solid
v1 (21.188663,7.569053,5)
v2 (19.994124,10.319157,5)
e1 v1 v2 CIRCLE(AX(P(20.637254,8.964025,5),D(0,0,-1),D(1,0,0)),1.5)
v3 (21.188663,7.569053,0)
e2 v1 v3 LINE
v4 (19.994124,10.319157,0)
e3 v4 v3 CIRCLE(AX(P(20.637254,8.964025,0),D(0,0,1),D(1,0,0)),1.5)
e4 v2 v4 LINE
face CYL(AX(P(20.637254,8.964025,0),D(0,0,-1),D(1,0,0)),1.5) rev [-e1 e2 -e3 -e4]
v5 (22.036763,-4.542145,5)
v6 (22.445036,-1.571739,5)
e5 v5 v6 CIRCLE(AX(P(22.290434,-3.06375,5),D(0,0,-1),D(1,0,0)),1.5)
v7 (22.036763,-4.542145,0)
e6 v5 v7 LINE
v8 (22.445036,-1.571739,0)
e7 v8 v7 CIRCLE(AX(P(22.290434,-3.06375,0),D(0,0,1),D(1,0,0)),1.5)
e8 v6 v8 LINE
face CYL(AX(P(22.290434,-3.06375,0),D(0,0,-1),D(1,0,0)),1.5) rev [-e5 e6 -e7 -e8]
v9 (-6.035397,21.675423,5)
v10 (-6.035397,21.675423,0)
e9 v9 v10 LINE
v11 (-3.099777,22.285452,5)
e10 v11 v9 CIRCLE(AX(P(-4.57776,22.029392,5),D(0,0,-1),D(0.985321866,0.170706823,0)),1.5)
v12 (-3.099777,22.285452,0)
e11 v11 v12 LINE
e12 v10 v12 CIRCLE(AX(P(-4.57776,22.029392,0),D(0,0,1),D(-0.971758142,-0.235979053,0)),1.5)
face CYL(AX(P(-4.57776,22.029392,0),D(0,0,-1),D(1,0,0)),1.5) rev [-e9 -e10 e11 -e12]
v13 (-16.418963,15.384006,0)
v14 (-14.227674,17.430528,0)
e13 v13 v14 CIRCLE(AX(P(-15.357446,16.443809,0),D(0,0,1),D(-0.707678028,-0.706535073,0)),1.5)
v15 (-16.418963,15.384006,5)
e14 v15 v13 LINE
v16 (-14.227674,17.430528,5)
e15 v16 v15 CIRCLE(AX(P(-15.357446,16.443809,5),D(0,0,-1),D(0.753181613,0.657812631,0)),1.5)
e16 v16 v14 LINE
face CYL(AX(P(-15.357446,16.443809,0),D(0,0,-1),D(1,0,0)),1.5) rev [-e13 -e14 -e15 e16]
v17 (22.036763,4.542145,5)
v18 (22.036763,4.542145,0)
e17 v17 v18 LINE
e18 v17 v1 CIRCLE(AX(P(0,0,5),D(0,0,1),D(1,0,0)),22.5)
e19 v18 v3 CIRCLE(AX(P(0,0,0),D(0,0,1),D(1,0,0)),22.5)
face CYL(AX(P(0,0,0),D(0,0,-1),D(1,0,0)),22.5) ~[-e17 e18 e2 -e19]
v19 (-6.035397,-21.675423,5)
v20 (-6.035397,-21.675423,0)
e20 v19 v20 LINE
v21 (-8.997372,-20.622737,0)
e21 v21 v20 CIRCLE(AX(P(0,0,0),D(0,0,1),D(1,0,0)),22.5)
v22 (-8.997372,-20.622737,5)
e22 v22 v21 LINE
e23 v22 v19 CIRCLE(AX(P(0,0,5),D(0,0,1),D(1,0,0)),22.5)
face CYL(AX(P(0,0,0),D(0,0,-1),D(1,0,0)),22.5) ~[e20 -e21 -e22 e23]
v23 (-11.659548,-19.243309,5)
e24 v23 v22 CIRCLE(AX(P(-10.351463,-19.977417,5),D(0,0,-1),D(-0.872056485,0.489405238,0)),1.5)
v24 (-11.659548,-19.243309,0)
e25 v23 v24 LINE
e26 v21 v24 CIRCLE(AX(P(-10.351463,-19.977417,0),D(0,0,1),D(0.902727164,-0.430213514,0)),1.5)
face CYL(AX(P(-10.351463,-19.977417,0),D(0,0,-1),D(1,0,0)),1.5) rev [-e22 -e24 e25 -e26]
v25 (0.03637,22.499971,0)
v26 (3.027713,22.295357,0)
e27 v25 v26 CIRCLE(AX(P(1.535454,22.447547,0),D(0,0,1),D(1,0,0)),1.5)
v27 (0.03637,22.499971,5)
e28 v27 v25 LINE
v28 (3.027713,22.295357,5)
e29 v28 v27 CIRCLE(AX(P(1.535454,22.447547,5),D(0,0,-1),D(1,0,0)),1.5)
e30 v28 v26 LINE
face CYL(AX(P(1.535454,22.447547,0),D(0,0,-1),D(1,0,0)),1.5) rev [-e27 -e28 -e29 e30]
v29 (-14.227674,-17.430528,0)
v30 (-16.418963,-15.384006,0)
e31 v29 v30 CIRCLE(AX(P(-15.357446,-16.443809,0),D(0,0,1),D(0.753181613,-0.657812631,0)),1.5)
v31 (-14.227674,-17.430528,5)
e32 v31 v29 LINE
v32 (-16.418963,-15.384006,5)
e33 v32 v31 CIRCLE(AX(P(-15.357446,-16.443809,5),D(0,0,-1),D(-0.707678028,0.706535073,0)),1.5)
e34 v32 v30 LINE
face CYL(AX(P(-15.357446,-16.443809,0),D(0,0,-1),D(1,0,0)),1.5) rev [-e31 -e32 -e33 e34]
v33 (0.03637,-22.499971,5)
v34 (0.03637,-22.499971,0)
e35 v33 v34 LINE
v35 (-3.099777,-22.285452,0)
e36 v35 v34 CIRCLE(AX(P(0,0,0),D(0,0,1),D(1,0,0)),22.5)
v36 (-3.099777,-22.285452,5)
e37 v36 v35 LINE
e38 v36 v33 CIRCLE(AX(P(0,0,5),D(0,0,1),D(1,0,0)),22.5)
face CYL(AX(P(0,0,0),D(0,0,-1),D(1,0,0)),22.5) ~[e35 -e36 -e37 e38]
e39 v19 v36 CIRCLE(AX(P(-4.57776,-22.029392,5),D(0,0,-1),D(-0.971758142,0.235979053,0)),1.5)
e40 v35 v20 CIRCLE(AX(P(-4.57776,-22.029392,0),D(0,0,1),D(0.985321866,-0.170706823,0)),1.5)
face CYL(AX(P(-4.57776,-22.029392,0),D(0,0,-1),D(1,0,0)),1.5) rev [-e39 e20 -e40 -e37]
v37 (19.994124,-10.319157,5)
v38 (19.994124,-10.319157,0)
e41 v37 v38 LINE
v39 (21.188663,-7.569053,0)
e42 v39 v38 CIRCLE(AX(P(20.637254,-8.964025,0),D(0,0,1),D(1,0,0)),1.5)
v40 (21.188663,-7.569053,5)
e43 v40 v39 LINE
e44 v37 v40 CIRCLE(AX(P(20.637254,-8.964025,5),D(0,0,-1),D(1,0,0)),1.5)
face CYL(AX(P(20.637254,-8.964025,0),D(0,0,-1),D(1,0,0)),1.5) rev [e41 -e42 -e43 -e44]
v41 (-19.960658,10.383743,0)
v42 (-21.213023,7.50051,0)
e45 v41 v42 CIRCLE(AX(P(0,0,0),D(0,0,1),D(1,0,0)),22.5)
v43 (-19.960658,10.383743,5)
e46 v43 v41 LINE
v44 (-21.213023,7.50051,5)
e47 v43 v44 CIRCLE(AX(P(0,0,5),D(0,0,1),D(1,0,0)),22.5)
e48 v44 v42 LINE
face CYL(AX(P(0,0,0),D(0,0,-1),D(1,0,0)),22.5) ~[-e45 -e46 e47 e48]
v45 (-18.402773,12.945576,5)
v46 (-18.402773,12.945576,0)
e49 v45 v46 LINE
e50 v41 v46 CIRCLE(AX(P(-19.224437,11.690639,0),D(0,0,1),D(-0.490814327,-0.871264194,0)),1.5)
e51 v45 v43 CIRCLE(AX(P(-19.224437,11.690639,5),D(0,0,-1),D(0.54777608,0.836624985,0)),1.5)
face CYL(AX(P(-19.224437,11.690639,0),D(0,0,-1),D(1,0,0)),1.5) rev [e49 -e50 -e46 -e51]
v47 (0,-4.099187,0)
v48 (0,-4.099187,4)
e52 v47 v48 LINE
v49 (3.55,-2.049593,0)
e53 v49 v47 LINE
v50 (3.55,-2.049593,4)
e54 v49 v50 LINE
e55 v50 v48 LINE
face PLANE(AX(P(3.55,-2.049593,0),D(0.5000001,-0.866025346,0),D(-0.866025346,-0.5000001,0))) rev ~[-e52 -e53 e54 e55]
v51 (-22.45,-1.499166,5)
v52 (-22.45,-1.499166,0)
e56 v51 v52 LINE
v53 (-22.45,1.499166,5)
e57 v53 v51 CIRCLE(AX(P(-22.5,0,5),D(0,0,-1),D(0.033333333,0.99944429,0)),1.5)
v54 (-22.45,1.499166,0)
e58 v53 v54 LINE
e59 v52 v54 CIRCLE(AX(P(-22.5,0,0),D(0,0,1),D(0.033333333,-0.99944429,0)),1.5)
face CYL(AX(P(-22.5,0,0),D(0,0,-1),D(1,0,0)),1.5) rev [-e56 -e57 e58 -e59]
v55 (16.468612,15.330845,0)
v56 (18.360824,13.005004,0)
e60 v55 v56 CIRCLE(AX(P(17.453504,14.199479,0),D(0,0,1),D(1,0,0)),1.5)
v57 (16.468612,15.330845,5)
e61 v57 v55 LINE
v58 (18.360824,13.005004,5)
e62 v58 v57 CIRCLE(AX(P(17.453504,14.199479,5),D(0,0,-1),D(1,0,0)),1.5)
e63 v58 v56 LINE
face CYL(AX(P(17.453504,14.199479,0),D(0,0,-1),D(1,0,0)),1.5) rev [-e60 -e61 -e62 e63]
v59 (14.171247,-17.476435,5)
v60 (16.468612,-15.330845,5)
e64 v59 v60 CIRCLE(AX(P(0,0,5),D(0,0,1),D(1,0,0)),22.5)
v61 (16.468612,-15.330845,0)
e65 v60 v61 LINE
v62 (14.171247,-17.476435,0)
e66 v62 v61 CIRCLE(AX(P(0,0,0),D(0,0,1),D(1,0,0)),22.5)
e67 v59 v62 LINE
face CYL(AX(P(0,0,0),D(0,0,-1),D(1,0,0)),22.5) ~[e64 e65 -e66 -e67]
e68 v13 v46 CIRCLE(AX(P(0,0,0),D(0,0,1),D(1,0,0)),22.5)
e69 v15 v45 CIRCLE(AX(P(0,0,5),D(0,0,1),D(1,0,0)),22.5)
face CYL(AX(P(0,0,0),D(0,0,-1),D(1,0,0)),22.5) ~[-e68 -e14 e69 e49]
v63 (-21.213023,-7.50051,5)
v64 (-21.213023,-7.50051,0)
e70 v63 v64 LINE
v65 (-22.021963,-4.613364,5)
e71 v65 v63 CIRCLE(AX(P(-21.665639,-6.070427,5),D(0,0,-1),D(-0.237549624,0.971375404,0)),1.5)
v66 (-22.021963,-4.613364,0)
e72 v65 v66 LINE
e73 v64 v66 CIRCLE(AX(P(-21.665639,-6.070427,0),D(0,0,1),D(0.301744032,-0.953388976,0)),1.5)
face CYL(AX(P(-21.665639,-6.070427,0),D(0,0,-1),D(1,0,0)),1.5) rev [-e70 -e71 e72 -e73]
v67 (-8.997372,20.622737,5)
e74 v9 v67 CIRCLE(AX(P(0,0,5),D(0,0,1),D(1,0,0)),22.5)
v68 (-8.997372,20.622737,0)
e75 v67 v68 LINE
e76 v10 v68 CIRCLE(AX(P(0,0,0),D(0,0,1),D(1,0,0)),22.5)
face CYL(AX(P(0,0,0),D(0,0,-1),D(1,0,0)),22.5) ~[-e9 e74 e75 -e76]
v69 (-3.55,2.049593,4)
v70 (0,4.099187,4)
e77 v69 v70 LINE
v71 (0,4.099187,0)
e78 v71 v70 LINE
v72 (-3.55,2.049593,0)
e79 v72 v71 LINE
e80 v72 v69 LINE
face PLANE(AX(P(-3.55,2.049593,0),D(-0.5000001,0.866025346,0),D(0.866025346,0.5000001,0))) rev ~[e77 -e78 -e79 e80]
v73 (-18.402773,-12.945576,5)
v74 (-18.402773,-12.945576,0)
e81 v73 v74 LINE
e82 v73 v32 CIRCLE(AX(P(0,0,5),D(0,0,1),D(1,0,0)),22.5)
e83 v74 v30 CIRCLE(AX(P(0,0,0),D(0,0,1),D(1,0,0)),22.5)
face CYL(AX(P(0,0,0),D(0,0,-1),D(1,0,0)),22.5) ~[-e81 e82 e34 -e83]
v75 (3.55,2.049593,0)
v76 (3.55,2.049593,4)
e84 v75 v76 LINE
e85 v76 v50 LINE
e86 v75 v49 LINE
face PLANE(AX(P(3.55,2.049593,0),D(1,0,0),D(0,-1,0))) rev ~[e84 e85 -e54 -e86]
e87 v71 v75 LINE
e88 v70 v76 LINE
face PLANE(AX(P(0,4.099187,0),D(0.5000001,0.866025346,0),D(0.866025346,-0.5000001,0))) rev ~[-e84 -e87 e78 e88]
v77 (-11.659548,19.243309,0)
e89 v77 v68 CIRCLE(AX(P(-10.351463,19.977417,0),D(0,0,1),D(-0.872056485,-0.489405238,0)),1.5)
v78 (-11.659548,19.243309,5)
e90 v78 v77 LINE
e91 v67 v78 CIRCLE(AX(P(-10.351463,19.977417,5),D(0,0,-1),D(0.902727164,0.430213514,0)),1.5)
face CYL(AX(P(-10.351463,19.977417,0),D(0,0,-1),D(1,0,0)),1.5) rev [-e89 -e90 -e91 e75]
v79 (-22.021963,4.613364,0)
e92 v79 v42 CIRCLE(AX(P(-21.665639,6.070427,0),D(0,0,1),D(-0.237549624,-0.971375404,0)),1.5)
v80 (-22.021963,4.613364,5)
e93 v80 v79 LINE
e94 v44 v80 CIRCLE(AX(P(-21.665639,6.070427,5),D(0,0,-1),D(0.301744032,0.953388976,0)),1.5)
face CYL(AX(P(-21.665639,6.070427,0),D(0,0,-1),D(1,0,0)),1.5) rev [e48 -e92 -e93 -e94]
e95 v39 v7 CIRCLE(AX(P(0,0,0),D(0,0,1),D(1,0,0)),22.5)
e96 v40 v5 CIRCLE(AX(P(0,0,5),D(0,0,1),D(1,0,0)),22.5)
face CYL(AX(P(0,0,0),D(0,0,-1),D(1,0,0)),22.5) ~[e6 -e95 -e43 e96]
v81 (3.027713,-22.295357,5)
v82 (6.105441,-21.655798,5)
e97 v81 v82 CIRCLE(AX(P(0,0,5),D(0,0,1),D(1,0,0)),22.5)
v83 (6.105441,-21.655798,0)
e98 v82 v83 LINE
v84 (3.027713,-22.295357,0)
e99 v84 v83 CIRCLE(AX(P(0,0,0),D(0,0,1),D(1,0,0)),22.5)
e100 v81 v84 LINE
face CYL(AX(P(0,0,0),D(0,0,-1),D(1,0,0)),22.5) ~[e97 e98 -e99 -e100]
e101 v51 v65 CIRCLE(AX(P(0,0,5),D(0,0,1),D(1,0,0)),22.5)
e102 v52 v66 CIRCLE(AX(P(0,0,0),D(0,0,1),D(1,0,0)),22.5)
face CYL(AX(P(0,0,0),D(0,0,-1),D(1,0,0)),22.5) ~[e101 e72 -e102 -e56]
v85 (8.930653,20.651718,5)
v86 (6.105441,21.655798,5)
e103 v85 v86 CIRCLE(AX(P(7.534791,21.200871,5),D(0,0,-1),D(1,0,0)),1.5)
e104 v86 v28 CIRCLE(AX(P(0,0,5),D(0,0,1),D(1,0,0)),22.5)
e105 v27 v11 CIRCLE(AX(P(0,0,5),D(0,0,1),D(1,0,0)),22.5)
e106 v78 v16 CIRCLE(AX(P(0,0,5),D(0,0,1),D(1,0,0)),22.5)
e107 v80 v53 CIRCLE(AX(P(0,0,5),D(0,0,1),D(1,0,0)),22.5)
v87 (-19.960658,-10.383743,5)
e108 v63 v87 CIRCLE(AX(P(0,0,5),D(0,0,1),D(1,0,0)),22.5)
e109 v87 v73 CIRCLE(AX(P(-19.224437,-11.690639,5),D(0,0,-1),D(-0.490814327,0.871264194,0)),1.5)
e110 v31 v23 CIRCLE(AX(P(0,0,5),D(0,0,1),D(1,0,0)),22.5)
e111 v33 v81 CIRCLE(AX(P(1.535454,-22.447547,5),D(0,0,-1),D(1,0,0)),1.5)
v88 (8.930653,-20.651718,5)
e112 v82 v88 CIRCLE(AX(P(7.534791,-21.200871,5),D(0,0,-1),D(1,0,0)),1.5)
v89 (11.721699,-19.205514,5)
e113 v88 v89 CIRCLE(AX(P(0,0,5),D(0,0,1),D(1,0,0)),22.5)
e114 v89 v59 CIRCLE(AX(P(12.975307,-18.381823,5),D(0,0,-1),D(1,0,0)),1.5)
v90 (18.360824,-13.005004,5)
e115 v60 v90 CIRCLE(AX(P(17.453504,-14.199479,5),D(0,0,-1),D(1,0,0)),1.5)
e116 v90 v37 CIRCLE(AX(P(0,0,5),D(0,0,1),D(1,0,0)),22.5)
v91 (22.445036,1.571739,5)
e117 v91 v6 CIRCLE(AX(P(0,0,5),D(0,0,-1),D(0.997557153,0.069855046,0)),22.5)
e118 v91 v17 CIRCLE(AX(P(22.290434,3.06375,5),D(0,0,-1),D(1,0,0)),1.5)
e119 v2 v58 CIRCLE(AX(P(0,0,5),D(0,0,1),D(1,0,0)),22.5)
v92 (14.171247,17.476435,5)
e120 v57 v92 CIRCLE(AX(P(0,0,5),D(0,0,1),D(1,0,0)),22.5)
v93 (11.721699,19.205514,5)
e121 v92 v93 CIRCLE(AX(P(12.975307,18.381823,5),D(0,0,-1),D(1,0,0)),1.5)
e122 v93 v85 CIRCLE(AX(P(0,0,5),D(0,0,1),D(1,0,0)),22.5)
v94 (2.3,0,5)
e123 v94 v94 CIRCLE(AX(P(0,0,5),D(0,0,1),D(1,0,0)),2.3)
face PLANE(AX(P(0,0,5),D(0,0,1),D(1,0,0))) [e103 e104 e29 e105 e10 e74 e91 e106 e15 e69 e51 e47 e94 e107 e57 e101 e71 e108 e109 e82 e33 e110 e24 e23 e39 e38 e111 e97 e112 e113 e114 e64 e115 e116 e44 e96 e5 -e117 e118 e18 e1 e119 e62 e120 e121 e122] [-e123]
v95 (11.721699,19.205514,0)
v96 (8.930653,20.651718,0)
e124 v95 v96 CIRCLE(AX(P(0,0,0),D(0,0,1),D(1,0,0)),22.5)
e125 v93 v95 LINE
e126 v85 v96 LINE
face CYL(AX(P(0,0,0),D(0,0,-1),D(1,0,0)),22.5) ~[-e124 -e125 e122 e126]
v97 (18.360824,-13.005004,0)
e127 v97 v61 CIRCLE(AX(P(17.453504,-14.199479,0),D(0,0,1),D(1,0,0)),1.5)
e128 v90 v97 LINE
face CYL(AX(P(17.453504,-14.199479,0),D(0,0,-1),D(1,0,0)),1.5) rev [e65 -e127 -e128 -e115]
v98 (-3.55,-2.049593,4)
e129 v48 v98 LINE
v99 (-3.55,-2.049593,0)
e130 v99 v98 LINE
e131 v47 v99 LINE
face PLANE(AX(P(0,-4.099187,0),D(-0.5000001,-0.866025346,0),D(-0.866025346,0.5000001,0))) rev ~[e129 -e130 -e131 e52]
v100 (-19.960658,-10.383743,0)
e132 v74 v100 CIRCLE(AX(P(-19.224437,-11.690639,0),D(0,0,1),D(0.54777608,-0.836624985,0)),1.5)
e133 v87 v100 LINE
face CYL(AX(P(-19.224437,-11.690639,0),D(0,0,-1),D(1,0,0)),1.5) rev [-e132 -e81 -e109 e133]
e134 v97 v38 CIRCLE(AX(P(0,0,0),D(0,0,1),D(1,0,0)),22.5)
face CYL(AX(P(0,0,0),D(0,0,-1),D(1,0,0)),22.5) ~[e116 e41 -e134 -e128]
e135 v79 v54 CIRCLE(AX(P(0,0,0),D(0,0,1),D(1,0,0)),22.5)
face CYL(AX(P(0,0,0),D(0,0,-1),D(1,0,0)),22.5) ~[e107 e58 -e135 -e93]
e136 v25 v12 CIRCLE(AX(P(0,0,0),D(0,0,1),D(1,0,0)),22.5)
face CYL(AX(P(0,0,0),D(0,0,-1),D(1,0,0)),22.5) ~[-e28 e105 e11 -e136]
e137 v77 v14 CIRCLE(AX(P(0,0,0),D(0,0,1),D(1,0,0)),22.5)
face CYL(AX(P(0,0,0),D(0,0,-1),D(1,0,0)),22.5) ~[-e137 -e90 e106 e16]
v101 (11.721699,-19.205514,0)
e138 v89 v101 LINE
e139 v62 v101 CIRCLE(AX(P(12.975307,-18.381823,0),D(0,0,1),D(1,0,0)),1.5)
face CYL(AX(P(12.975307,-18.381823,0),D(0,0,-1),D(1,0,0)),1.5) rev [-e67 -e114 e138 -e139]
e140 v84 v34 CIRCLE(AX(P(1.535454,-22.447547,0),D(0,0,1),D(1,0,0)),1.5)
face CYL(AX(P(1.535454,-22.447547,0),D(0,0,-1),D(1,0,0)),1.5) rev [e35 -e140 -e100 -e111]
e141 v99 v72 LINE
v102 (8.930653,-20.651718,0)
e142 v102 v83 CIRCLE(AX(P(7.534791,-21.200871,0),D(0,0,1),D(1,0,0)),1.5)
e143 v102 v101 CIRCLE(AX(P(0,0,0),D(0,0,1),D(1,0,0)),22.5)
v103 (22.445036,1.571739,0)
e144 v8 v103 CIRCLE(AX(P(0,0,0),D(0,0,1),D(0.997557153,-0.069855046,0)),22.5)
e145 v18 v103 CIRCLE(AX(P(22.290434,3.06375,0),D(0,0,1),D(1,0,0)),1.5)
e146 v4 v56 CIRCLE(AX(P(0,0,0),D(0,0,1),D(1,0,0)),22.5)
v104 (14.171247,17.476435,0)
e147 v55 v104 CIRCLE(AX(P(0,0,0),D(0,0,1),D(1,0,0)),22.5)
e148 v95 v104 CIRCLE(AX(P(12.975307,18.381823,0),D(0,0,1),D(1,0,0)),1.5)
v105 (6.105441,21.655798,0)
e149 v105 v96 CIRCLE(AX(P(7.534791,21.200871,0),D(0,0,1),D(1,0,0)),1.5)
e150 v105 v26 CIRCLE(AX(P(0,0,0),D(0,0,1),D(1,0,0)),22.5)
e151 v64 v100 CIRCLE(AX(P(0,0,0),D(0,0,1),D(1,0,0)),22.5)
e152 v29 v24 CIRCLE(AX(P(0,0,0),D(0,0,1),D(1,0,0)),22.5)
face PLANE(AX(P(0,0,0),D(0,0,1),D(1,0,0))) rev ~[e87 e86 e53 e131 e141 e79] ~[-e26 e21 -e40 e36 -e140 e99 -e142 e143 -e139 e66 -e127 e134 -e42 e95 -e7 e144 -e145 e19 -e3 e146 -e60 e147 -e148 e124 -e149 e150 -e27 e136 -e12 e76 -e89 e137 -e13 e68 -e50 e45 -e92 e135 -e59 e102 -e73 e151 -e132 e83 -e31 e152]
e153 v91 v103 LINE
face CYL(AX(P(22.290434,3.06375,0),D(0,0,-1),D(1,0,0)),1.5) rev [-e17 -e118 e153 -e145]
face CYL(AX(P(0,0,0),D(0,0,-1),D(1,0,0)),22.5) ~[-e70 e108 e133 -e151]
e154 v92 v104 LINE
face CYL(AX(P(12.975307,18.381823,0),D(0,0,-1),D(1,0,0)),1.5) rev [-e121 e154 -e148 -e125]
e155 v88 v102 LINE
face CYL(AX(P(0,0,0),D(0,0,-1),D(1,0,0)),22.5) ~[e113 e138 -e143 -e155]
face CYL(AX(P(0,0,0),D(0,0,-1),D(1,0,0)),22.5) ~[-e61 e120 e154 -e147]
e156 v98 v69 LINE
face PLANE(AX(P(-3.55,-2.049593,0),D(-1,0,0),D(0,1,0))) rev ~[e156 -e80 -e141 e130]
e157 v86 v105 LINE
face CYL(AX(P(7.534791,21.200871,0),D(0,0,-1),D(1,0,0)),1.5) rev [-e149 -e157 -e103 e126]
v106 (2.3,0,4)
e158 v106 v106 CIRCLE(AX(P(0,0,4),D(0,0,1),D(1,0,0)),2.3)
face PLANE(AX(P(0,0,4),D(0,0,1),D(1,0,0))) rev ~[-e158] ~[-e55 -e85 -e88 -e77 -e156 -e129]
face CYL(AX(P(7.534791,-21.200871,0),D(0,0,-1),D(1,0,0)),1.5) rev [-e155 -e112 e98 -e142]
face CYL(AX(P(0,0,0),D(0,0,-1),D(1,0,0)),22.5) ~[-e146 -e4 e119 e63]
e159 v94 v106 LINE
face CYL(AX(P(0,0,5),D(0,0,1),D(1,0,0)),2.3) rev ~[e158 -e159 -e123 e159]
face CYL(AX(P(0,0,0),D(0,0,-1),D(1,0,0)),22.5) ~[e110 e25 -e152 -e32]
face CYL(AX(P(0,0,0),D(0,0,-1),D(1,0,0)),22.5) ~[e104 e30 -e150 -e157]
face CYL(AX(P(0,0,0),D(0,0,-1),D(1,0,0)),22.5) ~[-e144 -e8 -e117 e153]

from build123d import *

# Parameters (mm, degrees)
F0_R     = 22.5
F1_DEPTH = 5
F2_R     = 1.5
F3_DEPTH = 25
F4_R     = 5
F4_R_2   = 2.3
F5_DEPTH = 1


with BuildPart() as f1:
    # F0 (on Top) → F1 (new body)
    with BuildSketch(Plane.XY):
        Circle(F0_R)
        Polygon((-3.55, -2.049593), (-3.55, 2.049593), (0, 4.099187), (3.55, 2.049593), (3.55, -2.049593), (0, -4.099187), align=None, mode=Mode.SUBTRACT)
    extrude(amount=F1_DEPTH)

    # F2 (on Top) → F3 (cut)
    with BuildSketch(Plane.XY):
        with Locations((-22.5, 0)):
            Circle(F2_R)
        with Locations((-21.665639, -6.070427)):
            Circle(F2_R)
        with Locations((-19.224437, -11.690639)):
            Circle(F2_R)
        with Locations((-15.357446, -16.443809)):
            Circle(F2_R)
        with Locations((-10.351463, -19.977417)):
            Circle(F2_R)
        with Locations((-4.57776, -22.029392)):
            Circle(F2_R)
        with Locations((1.535454, -22.447547)):
            Circle(F2_R)
        with Locations((7.534791, -21.200871)):
            Circle(F2_R)
        with Locations((12.975307, -18.381823)):
            Circle(F2_R)
        with Locations((17.453504, -14.199479)):
            Circle(F2_R)
        with Locations((20.637254, -8.964025)):
            Circle(F2_R)
        with Locations((22.290434, -3.06375)):
            Circle(F2_R)
        with Locations((22.290434, 3.06375)):
            Circle(F2_R)
        with Locations((20.637254, 8.964025)):
            Circle(F2_R)
        with Locations((17.453504, 14.199479)):
            Circle(F2_R)
        with Locations((12.975307, 18.381823)):
            Circle(F2_R)
        with Locations((7.534791, 21.200871)):
            Circle(F2_R)
        with Locations((1.535454, 22.447547)):
            Circle(F2_R)
        with Locations((-4.57776, 22.029392)):
            Circle(F2_R)
        with Locations((-10.351463, 19.977417)):
            Circle(F2_R)
        with Locations((-15.357446, 16.443809)):
            Circle(F2_R)
        with Locations((-19.224437, 11.690639)):
            Circle(F2_R)
        with Locations((-21.665639, 6.070427)):
            Circle(F2_R)
    extrude(amount=F3_DEPTH, mode=Mode.SUBTRACT)

    # F4 (on face) → F5 (join)
    with BuildSketch(Plane.XY.offset(5)):
        Circle(F4_R)
        Circle(F4_R_2, mode=Mode.SUBTRACT)
    extrude(amount=-F5_DEPTH)


solid = f1.part
